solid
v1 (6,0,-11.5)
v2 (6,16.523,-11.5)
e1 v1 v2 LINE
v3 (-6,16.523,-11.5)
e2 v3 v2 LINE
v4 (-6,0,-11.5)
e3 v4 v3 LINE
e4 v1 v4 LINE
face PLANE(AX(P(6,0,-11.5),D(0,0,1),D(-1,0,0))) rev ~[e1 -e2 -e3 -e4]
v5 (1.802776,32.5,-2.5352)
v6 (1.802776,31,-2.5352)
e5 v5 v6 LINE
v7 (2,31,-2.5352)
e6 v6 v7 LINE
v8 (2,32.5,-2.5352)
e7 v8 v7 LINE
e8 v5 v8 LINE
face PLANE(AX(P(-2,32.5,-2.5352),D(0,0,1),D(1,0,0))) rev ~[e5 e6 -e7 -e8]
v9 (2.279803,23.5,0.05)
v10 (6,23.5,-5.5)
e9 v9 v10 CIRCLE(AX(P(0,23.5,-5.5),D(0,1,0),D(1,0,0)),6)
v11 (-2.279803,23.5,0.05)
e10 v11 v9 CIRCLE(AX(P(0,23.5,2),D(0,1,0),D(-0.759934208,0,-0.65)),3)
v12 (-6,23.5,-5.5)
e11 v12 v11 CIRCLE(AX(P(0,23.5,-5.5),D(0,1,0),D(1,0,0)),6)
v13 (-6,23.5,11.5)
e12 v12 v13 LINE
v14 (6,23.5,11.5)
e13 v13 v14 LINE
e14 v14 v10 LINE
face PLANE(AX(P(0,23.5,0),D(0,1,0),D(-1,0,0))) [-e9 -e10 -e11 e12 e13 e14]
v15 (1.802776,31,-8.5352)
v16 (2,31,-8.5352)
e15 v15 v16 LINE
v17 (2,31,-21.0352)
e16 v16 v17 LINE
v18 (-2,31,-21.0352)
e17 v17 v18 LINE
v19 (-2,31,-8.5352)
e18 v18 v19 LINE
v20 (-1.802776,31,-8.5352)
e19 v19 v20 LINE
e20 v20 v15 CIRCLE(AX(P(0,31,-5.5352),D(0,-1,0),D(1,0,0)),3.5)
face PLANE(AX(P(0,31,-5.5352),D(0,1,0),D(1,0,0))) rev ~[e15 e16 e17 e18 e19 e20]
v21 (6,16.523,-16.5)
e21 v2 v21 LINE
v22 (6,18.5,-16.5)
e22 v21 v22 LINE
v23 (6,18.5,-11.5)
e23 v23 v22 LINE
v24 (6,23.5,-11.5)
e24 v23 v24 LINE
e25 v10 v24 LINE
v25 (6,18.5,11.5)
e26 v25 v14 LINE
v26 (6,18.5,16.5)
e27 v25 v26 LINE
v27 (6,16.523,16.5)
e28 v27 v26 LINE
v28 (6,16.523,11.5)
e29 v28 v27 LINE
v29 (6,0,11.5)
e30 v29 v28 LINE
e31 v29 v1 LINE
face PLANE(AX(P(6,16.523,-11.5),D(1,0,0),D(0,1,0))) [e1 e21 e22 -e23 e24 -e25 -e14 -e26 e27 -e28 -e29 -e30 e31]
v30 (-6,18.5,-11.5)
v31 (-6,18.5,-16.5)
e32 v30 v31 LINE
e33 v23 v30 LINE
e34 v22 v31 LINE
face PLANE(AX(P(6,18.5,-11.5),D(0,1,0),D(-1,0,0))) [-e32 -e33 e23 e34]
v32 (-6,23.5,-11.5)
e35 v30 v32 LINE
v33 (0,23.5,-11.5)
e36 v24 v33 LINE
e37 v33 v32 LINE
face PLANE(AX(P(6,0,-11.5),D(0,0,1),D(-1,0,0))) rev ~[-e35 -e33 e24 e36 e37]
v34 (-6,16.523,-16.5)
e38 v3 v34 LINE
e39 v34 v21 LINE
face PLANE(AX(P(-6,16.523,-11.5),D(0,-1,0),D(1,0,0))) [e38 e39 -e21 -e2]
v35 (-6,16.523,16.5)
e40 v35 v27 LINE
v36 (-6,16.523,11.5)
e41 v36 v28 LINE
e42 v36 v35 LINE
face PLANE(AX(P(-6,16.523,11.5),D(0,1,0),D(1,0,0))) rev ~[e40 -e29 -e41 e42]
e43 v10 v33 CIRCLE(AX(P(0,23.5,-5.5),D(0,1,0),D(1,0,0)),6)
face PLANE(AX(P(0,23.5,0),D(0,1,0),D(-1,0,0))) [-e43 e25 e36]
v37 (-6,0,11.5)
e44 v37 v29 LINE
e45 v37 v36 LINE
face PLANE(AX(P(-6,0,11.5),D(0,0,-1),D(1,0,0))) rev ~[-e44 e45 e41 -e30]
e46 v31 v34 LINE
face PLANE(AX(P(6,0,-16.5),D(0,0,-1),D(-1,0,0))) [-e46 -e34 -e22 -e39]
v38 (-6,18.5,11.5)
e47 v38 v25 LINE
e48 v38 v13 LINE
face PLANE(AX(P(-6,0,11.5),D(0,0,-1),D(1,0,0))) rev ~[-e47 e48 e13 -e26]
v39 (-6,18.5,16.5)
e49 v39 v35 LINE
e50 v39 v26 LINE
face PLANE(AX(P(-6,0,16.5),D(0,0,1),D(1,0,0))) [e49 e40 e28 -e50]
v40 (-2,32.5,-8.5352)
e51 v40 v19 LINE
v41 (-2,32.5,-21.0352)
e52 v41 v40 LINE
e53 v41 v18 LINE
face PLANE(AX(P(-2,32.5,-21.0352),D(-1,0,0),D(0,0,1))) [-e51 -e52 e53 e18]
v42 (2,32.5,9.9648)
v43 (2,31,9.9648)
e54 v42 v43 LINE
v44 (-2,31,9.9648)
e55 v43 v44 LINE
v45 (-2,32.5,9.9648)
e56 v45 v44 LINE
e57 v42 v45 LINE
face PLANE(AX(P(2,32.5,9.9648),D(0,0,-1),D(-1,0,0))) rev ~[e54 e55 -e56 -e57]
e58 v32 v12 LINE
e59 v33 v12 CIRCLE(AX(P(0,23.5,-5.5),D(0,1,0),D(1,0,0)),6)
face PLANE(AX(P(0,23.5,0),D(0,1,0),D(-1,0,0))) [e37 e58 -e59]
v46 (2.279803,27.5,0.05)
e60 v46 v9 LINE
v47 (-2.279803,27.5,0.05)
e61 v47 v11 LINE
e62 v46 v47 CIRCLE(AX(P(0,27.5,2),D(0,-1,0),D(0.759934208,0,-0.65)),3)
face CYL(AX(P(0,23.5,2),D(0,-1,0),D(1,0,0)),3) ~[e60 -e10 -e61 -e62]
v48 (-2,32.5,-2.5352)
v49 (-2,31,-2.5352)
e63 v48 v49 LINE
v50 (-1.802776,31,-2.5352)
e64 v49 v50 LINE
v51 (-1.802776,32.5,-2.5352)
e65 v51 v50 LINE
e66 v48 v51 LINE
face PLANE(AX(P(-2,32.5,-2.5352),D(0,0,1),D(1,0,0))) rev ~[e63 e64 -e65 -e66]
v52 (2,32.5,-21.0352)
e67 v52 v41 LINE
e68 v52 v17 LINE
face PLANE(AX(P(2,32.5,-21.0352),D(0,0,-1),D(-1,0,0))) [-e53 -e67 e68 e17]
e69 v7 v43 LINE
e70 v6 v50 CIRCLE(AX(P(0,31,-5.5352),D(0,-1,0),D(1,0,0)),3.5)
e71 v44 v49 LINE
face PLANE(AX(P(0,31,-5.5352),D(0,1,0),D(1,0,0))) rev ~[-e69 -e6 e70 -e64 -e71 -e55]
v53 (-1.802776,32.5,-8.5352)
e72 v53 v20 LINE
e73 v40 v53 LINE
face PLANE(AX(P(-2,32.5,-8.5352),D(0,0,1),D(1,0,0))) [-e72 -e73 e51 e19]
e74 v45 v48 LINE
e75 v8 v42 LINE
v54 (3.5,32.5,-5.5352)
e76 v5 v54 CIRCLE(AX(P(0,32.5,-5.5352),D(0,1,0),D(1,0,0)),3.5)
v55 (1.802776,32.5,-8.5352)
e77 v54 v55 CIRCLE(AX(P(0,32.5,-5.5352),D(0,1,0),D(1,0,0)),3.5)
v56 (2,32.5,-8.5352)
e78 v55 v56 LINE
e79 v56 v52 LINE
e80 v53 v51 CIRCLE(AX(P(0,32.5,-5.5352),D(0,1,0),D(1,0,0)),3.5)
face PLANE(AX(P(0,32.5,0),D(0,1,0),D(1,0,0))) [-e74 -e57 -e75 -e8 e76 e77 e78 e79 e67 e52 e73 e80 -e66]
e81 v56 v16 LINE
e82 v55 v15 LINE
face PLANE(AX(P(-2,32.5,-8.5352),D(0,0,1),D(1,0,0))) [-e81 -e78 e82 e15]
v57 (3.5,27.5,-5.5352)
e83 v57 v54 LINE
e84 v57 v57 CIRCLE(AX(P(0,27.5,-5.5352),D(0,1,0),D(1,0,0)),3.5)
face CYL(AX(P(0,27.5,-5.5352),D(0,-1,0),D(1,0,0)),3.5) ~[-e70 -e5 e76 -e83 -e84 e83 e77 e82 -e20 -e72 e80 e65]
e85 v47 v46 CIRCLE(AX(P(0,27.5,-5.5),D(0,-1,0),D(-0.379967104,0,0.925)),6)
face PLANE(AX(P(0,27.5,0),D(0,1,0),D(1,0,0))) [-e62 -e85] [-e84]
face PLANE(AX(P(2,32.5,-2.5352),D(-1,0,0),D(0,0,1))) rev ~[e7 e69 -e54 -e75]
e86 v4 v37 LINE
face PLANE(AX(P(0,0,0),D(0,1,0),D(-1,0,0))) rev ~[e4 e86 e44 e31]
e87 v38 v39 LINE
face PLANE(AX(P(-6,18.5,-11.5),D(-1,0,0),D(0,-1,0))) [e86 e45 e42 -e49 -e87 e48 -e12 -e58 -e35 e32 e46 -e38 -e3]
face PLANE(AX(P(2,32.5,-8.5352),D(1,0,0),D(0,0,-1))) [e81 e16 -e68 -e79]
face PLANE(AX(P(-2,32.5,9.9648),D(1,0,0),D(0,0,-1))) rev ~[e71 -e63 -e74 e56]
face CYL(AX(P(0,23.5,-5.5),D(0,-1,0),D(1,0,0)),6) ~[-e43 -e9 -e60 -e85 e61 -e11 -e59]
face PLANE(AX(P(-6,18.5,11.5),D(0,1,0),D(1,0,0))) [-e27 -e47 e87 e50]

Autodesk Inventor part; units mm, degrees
ref_plane "YZ Plane" through (0, 0, 0) normal (1, 0, 0) x (0, 1, 0)
ref_plane "XZ Plane" through (0, 0, 0) normal (0, 1, 0) x (-1, 0, 0)
ref_plane "XY Plane" through (0, 0, 0) normal (0, 0, 1) x (1, 0, 0)
sketch "Sketch1" plane through (0, 0, 0) normal (0, 1, 0) x (-1, 0, 0)
  line L0 (-6, -11.5) -> (6, -11.5)
  line L1 (6, -11.5) -> (6, 11.5)
  line L2 (6, 11.5) -> (-6, 11.5)
  line L3 (-6, 11.5) -> (-6, -11.5)
  line L4 (-6, -11.5) -> (6, 11.5) construction
  line L5 (6, -11.5) -> (-6, 11.5) construction
  point P0 (0, 0)
  dimension "d0" = 12
  dimension "d1" = 23
extrude "Extrusion1" add sketch "Sketch1" along normal blind 23.5
sketch "Sketch2" plane through (-6, 0, -11.5) normal (-1, 0, 0) x (0, 0, 1)
  line L0 (0, 23.5) -> (23, 23.5) projected
  line L1 (0, 18.5) -> (23, 18.5)
  line L2 (0, 18.5) -> (0, 16.523)
  line L3 (0, 16.523) -> (23, 16.523)
  line L4 (23, 16.523) -> (23, 18.5)
  point P0 (11.5, 0)
  dimension "d7" = 5
extrude "Extrusion2" add sketch "Sketch2" along normal blind 5
sketch "Sketch3" plane through (6, 0, 11.5) normal (1, 0, 0) x (0, 0, -1)
  line L0 (0, 16.523) -> (0, 18.5) projected
  line L1 (0, 18.5) -> (23, 18.5) projected
  line L2 (23, 18.5) -> (23, 16.523) projected
  line L3 (23, 16.523) -> (0, 16.523) projected
  point P0 (11.5, 0)
extrude "Extrusion3" add sketch "Sketch3" along normal blind 5
sketch "Sketch4" plane through (0, 23.5, 0) normal (0, 1, 0) x (1, 0, 0)
  circle A0 centre (0, 5.5) radius 6
  line L0 (6, 11.5) -> (-6, 11.5) projected
  point P0 (0, 0)
  dimension "d12" = 12
  dimension "d13" = 6
extrude "Extrusion4" add sketch "Sketch4" along normal blind 4
sketch "Sketch6" plane through (0, 23.5, 0) normal (0, 1, 0) x (1, 0, 0)
  circle A0 centre (0, -2) radius 3
  point P0 (0, 0)
  dimension "d17" = 6
extrude "Extrusion5" add sketch "Sketch6" along normal up to surface (4 mm away)
sketch "Sketch7" plane through (-6, 0, 11.5) normal (0, 0, 1) x (1, 0, 0)
  line L0 (12, 18.5) -> (17, 18.5) projected
  line L1 (0, 18.5) -> (-5, 18.5) projected
  line L2 (0, 16.523) -> (-5, 16.523) projected
  line L3 (12, 16.523) -> (17, 16.523) projected
  line L4 (0, 18.5) -> (0, 16.523)
  line L5 (0, 16.523) -> (12, 16.523)
  line L6 (12, 16.523) -> (12, 18.5)
  line L7 (0, 18.5) -> (12, 18.5)
  point P0 (6, 0)
extrude "Extrusion6" add sketch "Sketch7" along normal blind 5
sketch "Sketch8" plane through (6, 0, -11.5) normal (0, 0, -1) x (-1, 0, 0)
  line L0 (0, 18.5) -> (12, 18.5) projected
  line L1 (12, 18.5) -> (12, 16.523) projected
  line L2 (12, 16.523) -> (0, 16.523) projected
  line L3 (0, 16.523) -> (0, 18.5) projected
  point P0 (6, 0)
extrude "Extrusion7" add sketch "Sketch8" along normal blind 5
sketch "Sketch9" plane through (11, 0, 11.5) normal (1, 0, 0) x (0, 0, -1)
  line L0 (23, 16.523) -> (23, 18.5) projected
  line L1 (23, 18.5) -> (0, 18.5) projected
  line L2 (0, 18.5) -> (0, 16.523) projected
  line L3 (0, 16.523) -> (23, 16.523) projected
  point P0 (11.5, 0)
extrude "Extrusion8" cut sketch "Sketch9" against normal up to surface (5 mm away)
sketch "Sketch10" plane through (-11, 0, -11.5) normal (-1, 0, 0) x (0, 0, 1)
  line L0 (23, 16.523) -> (23, 18.5) projected
  line L1 (23, 18.5) -> (0, 18.5) projected
  line L2 (0, 18.5) -> (0, 16.523) projected
  line L3 (0, 16.523) -> (23, 16.523) projected
  point P0 (11.5, 0)
extrude "Extrusion9" cut sketch "Sketch10" against normal up to surface (5 mm away)
sketch "Sketch11" plane through (0, 27.5, 0) normal (0, 1, 0) x (1, 0, 0)
  circle A0 centre (0, 5.5352) radius 3.5
  point P0 (0, 0)
  dimension "d28" = 7
extrude "Extrusion10" add sketch "Sketch11" along normal blind 5
sketch "Sketch14" plane through (0, 32.5, -5.5352) normal (0, 1, 0) x (1, 0, 0)
  line L0 (-2, -3) -> (2, -3)
  line L1 (2, -3) -> (2, -15.5)
  line L2 (2, -15.5) -> (-2, -15.5)
  line L3 (-2, -15.5) -> (-2, -3)
  line L4 (-2, 3) -> (2, 3)
  line L5 (2, 3) -> (2, 15.5)
  line L6 (2, 15.5) -> (-2, 15.5)
  line L7 (-2, 15.5) -> (-2, 3)
  point P0 (0, -5.5352)
  dimension "d39" = 12.5
  dimension "d40" = 12.5
extrude "Extrusion13" add sketch "Sketch14" against normal blind 1.5
properties part number "Servo" material "S355J2+N"
